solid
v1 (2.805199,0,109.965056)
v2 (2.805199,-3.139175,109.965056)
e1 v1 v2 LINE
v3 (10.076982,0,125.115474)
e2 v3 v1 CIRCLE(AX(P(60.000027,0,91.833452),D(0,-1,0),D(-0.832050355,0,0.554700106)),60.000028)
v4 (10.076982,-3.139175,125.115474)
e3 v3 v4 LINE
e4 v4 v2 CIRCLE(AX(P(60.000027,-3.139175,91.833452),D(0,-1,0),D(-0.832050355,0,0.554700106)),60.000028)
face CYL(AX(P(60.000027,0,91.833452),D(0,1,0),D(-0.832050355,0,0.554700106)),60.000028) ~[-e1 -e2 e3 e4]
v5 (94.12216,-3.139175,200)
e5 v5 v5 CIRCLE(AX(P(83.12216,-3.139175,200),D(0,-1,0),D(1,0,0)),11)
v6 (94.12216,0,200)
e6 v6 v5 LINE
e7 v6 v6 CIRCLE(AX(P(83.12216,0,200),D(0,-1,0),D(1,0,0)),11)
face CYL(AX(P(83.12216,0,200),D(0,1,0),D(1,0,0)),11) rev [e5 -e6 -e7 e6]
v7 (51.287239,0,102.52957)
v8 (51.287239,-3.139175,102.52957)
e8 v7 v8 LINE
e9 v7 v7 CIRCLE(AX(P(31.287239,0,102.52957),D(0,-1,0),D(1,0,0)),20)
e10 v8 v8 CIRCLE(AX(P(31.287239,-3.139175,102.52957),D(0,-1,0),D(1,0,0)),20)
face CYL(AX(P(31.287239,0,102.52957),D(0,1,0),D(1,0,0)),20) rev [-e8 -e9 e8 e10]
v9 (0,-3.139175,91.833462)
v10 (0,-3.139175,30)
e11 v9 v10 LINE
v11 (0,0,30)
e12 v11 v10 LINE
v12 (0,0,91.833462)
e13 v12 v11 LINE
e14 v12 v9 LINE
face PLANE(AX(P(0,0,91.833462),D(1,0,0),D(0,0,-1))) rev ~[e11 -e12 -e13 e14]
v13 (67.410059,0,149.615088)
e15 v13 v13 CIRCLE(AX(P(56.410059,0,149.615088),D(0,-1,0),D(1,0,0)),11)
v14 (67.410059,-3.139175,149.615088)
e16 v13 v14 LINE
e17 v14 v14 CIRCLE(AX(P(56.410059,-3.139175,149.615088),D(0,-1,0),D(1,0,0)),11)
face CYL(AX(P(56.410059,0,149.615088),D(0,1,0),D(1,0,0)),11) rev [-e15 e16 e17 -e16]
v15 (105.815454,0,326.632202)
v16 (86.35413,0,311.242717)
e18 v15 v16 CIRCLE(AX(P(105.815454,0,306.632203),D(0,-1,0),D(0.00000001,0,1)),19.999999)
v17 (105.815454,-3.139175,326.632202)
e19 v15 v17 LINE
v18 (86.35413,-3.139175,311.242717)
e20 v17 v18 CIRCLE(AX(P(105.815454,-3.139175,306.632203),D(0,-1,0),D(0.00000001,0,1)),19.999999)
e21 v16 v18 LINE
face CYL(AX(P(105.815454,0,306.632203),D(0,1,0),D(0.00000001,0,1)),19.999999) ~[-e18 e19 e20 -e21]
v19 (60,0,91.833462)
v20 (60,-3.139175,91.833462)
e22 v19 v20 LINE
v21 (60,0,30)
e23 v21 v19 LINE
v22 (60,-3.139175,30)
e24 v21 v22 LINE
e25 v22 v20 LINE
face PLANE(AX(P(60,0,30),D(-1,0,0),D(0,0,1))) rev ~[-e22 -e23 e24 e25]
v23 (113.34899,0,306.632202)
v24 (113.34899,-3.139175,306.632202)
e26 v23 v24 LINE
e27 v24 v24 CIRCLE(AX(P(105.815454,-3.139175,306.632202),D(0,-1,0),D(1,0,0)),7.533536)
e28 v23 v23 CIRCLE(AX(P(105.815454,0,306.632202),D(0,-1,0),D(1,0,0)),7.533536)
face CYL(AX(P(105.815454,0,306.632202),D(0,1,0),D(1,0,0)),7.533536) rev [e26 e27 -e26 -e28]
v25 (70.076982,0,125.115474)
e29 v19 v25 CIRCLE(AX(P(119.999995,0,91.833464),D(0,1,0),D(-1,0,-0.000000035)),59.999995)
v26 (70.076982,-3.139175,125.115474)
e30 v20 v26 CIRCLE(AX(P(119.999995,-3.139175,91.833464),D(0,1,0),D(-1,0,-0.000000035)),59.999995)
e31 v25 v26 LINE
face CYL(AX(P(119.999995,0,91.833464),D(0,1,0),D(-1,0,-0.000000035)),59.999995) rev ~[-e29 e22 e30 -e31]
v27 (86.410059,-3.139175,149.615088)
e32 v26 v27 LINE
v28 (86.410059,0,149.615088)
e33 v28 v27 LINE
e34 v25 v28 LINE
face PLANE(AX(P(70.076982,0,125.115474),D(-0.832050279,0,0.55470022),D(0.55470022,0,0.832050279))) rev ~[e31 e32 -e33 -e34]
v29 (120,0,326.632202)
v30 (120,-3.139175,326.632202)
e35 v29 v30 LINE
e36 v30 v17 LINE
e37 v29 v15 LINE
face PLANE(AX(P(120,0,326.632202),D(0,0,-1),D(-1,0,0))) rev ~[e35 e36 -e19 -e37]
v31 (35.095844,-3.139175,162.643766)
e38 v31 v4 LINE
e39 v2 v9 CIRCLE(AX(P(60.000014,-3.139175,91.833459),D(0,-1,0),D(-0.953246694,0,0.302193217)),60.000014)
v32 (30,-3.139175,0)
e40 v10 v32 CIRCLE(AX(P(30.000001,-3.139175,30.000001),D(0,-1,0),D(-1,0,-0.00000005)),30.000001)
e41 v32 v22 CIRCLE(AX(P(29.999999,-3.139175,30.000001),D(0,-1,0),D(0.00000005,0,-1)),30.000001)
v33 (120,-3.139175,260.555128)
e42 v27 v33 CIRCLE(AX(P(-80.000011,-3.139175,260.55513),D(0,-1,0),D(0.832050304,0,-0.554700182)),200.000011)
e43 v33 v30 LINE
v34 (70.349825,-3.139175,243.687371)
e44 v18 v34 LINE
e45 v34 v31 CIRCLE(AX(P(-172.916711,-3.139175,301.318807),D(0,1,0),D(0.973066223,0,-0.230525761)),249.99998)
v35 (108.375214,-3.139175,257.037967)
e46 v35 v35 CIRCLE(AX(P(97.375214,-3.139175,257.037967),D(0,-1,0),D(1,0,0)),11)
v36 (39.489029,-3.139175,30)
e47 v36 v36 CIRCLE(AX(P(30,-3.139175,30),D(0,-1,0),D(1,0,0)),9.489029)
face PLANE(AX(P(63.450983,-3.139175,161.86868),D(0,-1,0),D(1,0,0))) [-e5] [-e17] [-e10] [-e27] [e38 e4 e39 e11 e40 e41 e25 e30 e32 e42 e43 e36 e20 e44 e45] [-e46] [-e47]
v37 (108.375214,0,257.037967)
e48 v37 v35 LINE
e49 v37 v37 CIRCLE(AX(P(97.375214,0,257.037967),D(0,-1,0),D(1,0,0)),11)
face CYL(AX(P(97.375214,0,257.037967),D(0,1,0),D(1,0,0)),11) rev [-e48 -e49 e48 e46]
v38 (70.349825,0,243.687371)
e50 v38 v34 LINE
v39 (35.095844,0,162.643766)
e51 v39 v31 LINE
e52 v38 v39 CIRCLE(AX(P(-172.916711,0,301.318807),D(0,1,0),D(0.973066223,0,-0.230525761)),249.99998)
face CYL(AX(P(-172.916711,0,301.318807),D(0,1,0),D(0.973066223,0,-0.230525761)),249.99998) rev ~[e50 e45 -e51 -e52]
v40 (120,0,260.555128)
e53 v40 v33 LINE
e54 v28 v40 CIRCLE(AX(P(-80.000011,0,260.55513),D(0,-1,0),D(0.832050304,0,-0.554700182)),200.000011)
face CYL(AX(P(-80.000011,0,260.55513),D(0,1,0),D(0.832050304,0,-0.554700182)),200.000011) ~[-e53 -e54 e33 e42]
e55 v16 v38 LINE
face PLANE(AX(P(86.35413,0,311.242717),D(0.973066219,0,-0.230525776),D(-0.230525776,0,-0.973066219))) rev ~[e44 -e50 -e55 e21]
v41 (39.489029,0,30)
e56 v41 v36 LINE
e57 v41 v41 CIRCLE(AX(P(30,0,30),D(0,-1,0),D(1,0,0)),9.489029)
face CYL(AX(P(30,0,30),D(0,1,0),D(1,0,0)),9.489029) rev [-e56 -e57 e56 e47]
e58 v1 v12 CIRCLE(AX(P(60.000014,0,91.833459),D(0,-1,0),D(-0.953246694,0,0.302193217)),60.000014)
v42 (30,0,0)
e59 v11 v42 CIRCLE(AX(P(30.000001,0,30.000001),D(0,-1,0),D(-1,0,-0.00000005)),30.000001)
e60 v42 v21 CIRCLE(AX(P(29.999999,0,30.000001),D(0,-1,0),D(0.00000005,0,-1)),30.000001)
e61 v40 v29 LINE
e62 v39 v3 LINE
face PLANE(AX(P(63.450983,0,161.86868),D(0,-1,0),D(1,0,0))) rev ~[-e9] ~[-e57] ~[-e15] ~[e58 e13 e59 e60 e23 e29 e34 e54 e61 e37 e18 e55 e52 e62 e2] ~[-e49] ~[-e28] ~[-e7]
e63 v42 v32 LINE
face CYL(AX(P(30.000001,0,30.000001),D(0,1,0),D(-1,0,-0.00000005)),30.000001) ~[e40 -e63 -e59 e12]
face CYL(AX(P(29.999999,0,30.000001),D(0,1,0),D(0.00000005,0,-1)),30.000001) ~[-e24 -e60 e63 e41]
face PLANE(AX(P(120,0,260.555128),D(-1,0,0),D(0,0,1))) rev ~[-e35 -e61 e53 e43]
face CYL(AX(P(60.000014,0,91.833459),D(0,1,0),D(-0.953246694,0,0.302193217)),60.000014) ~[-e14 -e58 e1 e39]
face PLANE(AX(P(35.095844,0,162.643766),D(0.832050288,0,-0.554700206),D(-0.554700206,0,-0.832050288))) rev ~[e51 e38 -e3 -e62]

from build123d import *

# Parameters (mm, degrees)
F0_R     = 9.489029
F0_R_2   = 20
F0_R_3   = 11
F0_R_4   = 7.533536
F1_DEPTH = 3.139175


with BuildPart() as f1:
    # F0 (on Front) → F1 (new body)
    with BuildSketch(Plane.XZ):
        with BuildLine():
            ThreePointArc((30, 0), (51.213203, 8.786797), (60, 30))
            Line((60, 30), (60, 91.833462))
            ThreePointArc((60, 91.833462), (62.574478, 109.220511), (70.076982, 125.115474))
            Line((70.076982, 125.115474), (86.410059, 149.615088))
            ThreePointArc((86.410059, 149.615088), (111.418405, 202.598298), (120, 260.555128))
            Line((120, 260.555128), (120, 326.632202))
            Line((120, 326.632202), (105.815454, 326.632202))
            ThreePointArc((105.815454, 326.632202), (93.410018, 322.319941), (86.35413, 311.242717))
            Line((86.35413, 311.242717), (70.349825, 243.687371))
            ThreePointArc((70.349825, 243.687371), (56.332544, 201.595344), (35.095844, 162.643766))
            Line((35.095844, 162.643766), (10.076982, 125.115474))
            ThreePointArc((10.076982, 125.115474), (5.908036, 117.796116), (2.805199, 109.965056))
            ThreePointArc((2.805199, 109.965056), (0.705447, 101.007117), (0, 91.833462))
            Line((0, 91.833462), (0, 30))
            ThreePointArc((0, 30), (8.786797, 8.786797), (30, 0))
        make_face()
        with Locations((30, 30)):
            Circle(F0_R, mode=Mode.SUBTRACT)
        with Locations((31.287239, 102.52957)):
            Circle(F0_R_2, mode=Mode.SUBTRACT)
        with Locations((56.410059, 149.615088)):
            Circle(F0_R_3, mode=Mode.SUBTRACT)
        with Locations((83.12216, 200)):
            Circle(F0_R_3, mode=Mode.SUBTRACT)
        with Locations((97.375214, 257.037967)):
            Circle(F0_R_3, mode=Mode.SUBTRACT)
        with Locations((105.815454, 306.632202)):
            Circle(F0_R_4, mode=Mode.SUBTRACT)
    extrude(amount=F1_DEPTH)


solid = f1.part
